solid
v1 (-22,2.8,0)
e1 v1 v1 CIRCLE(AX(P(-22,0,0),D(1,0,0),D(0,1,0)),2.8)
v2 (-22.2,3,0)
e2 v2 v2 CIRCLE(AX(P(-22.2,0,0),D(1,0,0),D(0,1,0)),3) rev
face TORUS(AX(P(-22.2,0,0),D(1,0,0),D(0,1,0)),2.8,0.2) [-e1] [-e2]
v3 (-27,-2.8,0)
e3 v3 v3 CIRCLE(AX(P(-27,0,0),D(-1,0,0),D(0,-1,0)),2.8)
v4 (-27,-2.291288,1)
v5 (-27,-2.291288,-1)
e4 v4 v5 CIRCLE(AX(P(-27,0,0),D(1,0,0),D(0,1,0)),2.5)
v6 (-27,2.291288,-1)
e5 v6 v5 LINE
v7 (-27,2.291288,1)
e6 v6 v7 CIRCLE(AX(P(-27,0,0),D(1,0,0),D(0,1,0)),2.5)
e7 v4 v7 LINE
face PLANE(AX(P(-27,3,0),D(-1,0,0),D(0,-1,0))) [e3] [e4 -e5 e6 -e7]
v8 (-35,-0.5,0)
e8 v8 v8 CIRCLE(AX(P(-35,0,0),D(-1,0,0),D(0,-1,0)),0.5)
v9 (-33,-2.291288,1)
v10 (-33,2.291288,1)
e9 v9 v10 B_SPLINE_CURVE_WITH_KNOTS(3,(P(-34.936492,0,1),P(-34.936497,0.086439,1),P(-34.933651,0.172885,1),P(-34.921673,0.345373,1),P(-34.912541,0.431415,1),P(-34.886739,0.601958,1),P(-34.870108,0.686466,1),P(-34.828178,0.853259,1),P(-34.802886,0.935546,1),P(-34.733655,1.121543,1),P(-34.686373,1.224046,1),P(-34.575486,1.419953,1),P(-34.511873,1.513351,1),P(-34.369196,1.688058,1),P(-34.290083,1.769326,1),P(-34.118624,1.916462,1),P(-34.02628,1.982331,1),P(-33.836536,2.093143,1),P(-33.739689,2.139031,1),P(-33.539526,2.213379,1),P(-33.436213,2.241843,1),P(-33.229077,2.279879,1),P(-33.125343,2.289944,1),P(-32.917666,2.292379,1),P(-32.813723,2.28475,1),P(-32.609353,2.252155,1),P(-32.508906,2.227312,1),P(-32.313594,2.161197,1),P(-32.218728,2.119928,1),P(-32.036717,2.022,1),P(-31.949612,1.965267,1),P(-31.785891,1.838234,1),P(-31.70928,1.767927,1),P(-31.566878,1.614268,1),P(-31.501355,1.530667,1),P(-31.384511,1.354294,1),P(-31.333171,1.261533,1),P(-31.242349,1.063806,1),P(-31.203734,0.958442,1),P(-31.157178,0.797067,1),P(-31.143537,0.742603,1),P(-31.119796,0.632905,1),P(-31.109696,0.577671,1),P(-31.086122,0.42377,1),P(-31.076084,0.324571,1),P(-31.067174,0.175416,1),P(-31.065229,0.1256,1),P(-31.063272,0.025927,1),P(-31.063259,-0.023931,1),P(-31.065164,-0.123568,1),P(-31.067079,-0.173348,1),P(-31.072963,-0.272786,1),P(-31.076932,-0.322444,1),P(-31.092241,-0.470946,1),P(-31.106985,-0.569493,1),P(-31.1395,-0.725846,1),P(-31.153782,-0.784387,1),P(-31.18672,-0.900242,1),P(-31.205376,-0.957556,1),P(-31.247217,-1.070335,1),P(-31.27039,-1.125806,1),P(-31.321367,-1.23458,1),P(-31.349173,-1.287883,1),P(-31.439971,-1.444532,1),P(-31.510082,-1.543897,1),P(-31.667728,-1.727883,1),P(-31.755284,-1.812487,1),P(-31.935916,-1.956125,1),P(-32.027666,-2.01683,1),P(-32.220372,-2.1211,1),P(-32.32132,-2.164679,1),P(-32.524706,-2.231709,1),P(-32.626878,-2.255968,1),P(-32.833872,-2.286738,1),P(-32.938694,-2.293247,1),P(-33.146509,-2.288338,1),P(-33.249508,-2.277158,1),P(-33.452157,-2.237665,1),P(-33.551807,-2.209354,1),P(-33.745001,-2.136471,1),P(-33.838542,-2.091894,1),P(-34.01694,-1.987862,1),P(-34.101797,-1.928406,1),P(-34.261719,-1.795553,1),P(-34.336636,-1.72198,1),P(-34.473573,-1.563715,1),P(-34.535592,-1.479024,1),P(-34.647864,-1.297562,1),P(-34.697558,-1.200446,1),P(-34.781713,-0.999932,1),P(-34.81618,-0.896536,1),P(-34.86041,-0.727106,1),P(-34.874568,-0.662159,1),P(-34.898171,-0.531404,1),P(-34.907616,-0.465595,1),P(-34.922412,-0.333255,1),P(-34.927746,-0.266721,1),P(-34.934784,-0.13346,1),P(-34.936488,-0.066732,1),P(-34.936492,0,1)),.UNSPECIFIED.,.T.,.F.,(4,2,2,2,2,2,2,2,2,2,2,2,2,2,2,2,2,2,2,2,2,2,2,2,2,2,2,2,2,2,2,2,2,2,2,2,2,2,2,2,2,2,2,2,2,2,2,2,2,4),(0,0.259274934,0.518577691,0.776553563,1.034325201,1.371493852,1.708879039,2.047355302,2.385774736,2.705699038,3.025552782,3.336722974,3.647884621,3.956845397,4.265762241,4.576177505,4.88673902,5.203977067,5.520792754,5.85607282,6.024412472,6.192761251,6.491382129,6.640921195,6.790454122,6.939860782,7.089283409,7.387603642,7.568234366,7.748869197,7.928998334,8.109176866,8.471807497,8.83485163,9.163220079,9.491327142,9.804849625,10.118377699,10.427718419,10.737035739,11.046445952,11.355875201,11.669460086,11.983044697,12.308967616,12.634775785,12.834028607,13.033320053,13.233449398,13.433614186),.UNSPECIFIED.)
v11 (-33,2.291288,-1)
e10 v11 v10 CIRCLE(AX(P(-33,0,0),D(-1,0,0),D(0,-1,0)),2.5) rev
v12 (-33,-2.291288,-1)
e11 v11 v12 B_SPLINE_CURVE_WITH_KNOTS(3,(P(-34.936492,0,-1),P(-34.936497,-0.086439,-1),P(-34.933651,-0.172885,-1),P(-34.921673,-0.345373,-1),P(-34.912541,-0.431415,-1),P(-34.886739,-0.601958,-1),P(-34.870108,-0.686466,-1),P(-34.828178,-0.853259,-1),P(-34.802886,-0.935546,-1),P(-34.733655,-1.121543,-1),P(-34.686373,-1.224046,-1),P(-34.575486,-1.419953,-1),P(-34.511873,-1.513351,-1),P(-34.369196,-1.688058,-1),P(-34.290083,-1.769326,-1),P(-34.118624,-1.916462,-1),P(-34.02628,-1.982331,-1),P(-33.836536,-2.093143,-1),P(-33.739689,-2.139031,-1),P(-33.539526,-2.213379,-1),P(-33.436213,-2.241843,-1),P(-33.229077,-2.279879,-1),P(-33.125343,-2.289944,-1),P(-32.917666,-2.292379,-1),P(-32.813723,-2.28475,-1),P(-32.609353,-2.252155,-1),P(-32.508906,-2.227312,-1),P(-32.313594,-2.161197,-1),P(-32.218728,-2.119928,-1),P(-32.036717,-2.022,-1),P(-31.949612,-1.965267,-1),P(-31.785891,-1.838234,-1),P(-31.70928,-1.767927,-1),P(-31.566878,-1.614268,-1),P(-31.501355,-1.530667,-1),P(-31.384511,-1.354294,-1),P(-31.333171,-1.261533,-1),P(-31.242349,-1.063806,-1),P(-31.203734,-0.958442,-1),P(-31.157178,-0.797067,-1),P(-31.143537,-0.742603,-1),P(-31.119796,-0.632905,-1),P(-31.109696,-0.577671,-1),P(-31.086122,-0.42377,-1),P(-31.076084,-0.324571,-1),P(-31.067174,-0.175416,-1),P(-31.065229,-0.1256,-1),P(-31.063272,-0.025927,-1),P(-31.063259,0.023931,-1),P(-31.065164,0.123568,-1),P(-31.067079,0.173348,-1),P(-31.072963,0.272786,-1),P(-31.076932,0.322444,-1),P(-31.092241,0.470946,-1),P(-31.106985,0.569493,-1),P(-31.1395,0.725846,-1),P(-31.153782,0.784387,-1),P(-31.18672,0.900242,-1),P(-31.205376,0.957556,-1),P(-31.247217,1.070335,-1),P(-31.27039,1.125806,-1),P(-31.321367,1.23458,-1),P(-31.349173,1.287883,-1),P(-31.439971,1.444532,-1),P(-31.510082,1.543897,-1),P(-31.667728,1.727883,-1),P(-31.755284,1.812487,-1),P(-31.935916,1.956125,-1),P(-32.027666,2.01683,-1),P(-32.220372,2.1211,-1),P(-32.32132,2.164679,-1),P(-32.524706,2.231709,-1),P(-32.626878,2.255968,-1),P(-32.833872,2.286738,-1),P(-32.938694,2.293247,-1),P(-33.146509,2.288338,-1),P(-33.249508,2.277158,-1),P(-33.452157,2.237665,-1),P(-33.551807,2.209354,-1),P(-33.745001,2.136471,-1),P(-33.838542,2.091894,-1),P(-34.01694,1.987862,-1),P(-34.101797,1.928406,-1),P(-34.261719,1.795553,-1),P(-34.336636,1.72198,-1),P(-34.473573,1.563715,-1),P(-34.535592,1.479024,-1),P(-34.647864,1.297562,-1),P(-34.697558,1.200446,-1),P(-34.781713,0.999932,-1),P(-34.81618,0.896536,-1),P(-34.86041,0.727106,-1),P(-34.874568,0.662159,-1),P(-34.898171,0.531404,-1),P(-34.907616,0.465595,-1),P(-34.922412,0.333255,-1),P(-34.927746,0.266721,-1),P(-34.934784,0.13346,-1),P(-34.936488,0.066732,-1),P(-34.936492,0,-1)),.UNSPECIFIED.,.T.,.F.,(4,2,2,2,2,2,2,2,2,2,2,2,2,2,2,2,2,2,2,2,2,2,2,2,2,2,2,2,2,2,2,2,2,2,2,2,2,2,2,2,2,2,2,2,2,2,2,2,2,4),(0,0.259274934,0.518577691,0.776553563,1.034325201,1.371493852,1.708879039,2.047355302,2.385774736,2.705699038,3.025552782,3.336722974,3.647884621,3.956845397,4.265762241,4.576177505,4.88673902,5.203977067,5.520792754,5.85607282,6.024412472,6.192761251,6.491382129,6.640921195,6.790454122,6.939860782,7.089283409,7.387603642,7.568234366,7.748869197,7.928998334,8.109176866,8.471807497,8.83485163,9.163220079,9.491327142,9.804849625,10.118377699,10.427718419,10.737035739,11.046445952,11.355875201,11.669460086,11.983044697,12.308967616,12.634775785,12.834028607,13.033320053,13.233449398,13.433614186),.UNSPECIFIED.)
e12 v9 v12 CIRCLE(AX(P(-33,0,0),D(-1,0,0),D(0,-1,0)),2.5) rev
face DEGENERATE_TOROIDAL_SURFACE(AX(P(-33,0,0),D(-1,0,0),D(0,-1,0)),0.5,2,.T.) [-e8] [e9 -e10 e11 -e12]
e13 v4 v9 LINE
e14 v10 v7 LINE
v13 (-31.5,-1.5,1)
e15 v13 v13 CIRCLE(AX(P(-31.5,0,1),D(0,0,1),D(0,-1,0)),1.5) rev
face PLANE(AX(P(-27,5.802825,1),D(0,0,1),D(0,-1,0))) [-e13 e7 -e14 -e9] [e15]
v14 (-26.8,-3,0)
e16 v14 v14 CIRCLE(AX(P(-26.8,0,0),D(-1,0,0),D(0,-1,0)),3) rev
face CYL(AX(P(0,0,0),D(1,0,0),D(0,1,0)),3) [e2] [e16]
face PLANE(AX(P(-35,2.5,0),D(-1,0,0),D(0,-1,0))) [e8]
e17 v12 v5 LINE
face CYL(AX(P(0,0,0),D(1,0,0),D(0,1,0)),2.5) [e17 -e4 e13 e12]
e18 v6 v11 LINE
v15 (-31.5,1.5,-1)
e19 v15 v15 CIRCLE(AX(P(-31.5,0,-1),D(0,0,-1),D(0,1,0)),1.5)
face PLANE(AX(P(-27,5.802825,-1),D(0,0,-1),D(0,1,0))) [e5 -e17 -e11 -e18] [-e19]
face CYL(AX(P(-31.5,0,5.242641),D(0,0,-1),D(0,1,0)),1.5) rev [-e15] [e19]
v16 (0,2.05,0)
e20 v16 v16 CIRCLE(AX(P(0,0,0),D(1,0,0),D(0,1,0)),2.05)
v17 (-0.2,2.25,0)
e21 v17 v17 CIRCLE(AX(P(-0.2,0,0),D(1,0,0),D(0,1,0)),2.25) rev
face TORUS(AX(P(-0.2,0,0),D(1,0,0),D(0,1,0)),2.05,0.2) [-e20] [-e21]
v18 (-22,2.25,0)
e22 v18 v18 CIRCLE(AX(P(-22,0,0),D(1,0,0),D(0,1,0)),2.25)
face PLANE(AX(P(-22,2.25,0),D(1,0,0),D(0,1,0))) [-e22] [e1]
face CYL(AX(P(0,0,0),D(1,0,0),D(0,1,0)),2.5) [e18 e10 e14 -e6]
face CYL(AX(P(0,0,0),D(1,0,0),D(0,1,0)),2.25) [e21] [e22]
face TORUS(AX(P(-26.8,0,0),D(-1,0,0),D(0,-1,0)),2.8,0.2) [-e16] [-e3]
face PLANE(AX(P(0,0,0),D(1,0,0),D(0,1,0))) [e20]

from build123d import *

# Parameters (mm, degrees)
FILLET_1_R          = 2
SKETCH_2_R          = 7.321356554
SKETCH_2_W          = 2
SKETCH_2_H          = 11.961651185
CUT_EXTRUDE_1_DEPTH = 8
SKETCH_3_R          = 1.5
CUT_EXTRUDE_2_DEPTH = 2
FILLET_2_R          = 0.2


with BuildPart() as part:
    # 草图1 → 旋转1 (revolve)
    with BuildSketch(Plane.XY):
        Polygon((0, 0), (0, 2.25), (-22, 2.25), (-22, 3), (-27, 3), (-27, 2.5), (-35, 2.5), (-35, 0), align=None)
    revolve(axis=Axis((0, 0, 0), (-1, 0, 0)))

    # 圆角1
    fillet_1_edges = [part.edges().sort_by_distance(p)[0] for p in [
        (-35, -2.5, 0),
    ]]
    fillet(fillet_1_edges, radius=FILLET_1_R)

    # 草图2 → 切除-拉伸1 (cut)
    with BuildSketch(Plane.ZY.offset(35)):
        Circle(SKETCH_2_R)
        with Locations((0, -0.178000761)):
            Rectangle(SKETCH_2_W, SKETCH_2_H, mode=Mode.SUBTRACT)
    extrude(amount=-CUT_EXTRUDE_1_DEPTH, mode=Mode.SUBTRACT)

    # 草图3 → 切除-拉伸2 (cut)
    with BuildSketch(Plane(origin=(0, 0, -1), x_dir=(-1, 0, 0), z_dir=(0, 0, -1))):
        with Locations(Location((31.5, 0, 0), (0, 0, 90))):
            Circle(SKETCH_3_R)
    extrude(amount=-CUT_EXTRUDE_2_DEPTH, mode=Mode.SUBTRACT)

    # 圆角2
    fillet_2_edges = [part.edges().sort_by_distance(p)[0] for p in [
        (-27, -3, 0),
        (-22, -3, 0),
        (0, -2.25, 0),
    ]]
    fillet(fillet_2_edges, radius=FILLET_2_R)


solid = part.part
